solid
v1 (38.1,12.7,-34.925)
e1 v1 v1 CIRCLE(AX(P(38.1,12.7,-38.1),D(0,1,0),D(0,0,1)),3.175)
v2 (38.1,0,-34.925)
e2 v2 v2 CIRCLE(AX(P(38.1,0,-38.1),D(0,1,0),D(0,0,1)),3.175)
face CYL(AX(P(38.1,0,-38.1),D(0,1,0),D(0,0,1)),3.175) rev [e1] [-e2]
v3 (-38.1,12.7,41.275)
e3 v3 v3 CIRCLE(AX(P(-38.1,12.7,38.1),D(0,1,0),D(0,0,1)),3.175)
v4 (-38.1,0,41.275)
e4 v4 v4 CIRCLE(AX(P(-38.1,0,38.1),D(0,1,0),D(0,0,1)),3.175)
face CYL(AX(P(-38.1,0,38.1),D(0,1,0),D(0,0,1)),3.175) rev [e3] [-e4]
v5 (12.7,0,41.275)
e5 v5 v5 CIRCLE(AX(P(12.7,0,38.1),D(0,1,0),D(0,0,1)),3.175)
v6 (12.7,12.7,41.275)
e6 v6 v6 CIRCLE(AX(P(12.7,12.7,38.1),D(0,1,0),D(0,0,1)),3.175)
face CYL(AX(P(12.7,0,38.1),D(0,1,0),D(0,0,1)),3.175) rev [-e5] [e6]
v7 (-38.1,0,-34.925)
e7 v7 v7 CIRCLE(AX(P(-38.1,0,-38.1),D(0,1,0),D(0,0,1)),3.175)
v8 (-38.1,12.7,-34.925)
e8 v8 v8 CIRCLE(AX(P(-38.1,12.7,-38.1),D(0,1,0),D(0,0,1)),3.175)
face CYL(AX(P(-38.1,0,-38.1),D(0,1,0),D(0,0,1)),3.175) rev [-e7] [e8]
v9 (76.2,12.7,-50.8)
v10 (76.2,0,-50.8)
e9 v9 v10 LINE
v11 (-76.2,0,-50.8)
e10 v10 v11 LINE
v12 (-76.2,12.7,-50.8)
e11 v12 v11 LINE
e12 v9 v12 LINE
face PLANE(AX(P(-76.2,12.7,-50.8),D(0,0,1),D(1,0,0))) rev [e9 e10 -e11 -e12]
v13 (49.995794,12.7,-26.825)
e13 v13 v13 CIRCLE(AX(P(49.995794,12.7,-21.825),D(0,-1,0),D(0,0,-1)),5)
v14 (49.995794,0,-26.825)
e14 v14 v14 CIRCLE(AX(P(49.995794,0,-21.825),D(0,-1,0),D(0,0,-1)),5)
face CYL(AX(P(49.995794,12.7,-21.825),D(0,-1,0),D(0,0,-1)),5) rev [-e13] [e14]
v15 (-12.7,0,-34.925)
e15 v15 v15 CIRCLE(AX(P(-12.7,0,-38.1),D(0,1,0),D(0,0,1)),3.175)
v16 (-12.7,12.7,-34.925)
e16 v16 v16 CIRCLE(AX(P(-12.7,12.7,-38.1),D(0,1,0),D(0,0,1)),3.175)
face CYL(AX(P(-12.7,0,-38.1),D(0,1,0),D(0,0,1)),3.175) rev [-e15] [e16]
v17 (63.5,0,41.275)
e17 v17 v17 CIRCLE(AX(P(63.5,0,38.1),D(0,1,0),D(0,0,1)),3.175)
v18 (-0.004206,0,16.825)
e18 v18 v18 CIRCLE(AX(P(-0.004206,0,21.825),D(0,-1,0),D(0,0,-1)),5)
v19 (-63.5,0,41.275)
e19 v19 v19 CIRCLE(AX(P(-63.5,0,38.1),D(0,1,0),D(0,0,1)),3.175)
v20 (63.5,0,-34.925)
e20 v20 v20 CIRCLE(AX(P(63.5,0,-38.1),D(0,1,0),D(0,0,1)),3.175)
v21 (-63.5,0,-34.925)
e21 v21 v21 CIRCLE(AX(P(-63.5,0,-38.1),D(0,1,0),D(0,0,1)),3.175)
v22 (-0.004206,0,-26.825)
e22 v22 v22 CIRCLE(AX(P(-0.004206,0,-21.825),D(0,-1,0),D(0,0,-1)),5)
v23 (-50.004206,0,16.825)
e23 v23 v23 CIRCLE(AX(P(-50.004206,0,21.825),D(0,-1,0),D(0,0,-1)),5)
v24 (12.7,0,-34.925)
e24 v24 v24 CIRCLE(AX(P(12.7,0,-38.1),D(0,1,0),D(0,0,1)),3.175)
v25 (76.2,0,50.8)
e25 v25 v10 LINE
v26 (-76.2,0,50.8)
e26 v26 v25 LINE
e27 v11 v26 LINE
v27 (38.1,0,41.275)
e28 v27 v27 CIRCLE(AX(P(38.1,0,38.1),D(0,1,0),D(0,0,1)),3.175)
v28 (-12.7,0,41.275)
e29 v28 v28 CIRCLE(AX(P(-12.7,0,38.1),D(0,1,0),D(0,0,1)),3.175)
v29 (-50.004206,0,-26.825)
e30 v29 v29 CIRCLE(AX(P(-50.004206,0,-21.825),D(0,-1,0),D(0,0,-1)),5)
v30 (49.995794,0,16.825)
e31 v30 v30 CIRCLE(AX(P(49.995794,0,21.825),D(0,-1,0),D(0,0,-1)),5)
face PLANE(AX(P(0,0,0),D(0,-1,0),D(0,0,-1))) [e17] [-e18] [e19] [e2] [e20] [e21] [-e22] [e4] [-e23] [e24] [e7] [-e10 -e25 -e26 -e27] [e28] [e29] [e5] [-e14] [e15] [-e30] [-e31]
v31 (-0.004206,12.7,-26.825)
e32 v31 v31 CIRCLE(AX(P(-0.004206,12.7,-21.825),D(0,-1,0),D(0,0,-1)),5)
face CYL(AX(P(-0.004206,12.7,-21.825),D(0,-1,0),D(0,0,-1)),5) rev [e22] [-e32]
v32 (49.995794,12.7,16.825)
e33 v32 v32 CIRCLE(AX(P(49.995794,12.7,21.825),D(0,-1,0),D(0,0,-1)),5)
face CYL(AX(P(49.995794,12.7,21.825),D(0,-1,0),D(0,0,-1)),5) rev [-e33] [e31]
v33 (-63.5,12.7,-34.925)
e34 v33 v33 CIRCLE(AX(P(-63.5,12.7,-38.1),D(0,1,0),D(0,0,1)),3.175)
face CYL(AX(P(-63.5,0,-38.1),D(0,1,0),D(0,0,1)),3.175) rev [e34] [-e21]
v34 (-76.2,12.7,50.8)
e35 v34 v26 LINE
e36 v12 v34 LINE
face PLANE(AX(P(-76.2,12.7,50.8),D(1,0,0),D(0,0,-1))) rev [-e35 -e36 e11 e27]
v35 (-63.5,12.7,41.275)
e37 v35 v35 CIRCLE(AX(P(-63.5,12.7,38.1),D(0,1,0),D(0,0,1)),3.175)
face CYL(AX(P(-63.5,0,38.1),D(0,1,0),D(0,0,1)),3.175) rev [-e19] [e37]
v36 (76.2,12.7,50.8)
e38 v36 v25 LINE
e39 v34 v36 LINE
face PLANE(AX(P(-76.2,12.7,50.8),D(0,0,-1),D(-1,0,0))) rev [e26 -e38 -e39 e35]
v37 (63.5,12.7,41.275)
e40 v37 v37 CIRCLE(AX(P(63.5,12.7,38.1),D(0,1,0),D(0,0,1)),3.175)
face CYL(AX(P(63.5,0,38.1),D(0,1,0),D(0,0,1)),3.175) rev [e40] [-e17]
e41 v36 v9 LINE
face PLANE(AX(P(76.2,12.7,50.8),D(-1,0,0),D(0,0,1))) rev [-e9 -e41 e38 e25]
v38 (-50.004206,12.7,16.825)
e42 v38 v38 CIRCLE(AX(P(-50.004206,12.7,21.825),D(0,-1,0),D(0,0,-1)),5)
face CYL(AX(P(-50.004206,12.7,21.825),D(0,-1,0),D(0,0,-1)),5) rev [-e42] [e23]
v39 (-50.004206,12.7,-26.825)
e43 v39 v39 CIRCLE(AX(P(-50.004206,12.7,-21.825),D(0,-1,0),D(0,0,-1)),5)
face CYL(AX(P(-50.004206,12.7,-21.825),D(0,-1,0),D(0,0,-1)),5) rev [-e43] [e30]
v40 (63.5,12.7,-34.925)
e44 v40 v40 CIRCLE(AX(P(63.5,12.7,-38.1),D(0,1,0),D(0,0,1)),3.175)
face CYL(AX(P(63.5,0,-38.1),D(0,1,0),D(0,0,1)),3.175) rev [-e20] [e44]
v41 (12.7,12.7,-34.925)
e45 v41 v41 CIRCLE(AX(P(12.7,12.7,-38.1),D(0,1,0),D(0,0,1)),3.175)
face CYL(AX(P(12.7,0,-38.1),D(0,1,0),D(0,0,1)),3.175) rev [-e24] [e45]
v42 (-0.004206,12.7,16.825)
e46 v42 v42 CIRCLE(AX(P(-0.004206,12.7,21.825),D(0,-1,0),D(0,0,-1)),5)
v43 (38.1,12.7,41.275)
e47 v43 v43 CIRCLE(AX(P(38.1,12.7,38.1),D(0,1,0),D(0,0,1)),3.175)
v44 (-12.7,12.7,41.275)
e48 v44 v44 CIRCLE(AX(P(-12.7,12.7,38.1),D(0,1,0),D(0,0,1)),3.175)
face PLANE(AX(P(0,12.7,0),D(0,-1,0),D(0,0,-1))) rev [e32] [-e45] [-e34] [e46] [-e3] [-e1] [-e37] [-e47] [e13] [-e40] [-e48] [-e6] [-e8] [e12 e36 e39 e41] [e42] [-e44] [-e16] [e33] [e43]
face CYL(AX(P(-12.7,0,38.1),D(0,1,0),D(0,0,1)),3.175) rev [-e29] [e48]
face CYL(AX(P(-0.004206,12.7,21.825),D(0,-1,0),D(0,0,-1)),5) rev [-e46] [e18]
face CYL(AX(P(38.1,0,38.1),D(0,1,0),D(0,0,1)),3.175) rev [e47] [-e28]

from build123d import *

# Parameters (mm, degrees)
SKETCH1_W           = 152.4
SKETCH1_H           = 101.6
BOSS_EXTRUDE1_DEPTH = 12.7
SKETCH2_R           = 5
CUT_EXTRUDE1_DEPTH  = 12.7
SKETCH3_R           = 3.175
CUT_EXTRUDE2_DEPTH  = 93.457395594


with BuildPart() as part:
    # Sketch1 → Boss-Extrude1 (new body)
    with BuildSketch(Plane(origin=(0, 0, 0), x_dir=(1, 0, 0), z_dir=(0, 1, 0))):
        Rectangle(SKETCH1_W, SKETCH1_H)
    extrude(amount=BOSS_EXTRUDE1_DEPTH)

    # Sketch2 → Cut-Extrude1 (cut)
    with BuildSketch(Plane.XZ):
        with Locations(Location((-50.004206057, 21.825, 0), (0, 0, 270))):
            Circle(SKETCH2_R)
        with Locations(Location((-50.004206057, -21.825, 0), (0, 0, 270))):
            Circle(SKETCH2_R)
        with Locations(Location((-0.004206057, 21.825, 0), (0, 0, 270))):
            Circle(SKETCH2_R)
        with Locations(Location((-0.004206057, -21.825, 0), (0, 0, 270))):
            Circle(SKETCH2_R)
        with Locations(Location((49.995793943, 21.825, 0), (0, 0, 270))):
            Circle(SKETCH2_R)
        with Locations(Location((49.995793943, -21.825, 0), (0, 0, 270))):
            Circle(SKETCH2_R)
    extrude(amount=-CUT_EXTRUDE1_DEPTH, mode=Mode.SUBTRACT)

    # Sketch3 → Cut-Extrude2 (cut, through all)
    with BuildSketch(Plane(origin=(0, 12.7, 0), x_dir=(1, 0, 0), z_dir=(0, 1, 0))):
        with Locations(Location((-63.5, -38.1, 0), (0, 0, 270))):
            Circle(SKETCH3_R)
        with Locations(Location((-38.1, -38.1, 0), (0, 0, 270))):
            Circle(SKETCH3_R)
        with Locations(Location((-12.7, -38.1, 0), (0, 0, 270))):
            Circle(SKETCH3_R)
        with Locations(Location((12.7, -38.1, 0), (0, 0, 270))):
            Circle(SKETCH3_R)
        with Locations(Location((38.1, -38.1, 0), (0, 0, 270))):
            Circle(SKETCH3_R)
        with Locations(Location((63.5, -38.1, 0), (0, 0, 270))):
            Circle(SKETCH3_R)
        with Locations(Location((-38.1, 38.1, 0), (0, 0, 270))):
            Circle(SKETCH3_R)
        with Locations(Location((-12.7, 38.1, 0), (0, 0, 270))):
            Circle(SKETCH3_R)
        with Locations(Location((12.7, 38.1, 0), (0, 0, 270))):
            Circle(SKETCH3_R)
        with Locations(Location((38.1, 38.1, 0), (0, 0, 270))):
            Circle(SKETCH3_R)
        with Locations(Location((63.5, 38.1, 0), (0, 0, 270))):
            Circle(SKETCH3_R)
        with Locations(Location((-63.5, 38.1, 0), (0, 0, 270))):
            Circle(SKETCH3_R)
    extrude(amount=-CUT_EXTRUDE2_DEPTH, mode=Mode.SUBTRACT)


solid = part.part
